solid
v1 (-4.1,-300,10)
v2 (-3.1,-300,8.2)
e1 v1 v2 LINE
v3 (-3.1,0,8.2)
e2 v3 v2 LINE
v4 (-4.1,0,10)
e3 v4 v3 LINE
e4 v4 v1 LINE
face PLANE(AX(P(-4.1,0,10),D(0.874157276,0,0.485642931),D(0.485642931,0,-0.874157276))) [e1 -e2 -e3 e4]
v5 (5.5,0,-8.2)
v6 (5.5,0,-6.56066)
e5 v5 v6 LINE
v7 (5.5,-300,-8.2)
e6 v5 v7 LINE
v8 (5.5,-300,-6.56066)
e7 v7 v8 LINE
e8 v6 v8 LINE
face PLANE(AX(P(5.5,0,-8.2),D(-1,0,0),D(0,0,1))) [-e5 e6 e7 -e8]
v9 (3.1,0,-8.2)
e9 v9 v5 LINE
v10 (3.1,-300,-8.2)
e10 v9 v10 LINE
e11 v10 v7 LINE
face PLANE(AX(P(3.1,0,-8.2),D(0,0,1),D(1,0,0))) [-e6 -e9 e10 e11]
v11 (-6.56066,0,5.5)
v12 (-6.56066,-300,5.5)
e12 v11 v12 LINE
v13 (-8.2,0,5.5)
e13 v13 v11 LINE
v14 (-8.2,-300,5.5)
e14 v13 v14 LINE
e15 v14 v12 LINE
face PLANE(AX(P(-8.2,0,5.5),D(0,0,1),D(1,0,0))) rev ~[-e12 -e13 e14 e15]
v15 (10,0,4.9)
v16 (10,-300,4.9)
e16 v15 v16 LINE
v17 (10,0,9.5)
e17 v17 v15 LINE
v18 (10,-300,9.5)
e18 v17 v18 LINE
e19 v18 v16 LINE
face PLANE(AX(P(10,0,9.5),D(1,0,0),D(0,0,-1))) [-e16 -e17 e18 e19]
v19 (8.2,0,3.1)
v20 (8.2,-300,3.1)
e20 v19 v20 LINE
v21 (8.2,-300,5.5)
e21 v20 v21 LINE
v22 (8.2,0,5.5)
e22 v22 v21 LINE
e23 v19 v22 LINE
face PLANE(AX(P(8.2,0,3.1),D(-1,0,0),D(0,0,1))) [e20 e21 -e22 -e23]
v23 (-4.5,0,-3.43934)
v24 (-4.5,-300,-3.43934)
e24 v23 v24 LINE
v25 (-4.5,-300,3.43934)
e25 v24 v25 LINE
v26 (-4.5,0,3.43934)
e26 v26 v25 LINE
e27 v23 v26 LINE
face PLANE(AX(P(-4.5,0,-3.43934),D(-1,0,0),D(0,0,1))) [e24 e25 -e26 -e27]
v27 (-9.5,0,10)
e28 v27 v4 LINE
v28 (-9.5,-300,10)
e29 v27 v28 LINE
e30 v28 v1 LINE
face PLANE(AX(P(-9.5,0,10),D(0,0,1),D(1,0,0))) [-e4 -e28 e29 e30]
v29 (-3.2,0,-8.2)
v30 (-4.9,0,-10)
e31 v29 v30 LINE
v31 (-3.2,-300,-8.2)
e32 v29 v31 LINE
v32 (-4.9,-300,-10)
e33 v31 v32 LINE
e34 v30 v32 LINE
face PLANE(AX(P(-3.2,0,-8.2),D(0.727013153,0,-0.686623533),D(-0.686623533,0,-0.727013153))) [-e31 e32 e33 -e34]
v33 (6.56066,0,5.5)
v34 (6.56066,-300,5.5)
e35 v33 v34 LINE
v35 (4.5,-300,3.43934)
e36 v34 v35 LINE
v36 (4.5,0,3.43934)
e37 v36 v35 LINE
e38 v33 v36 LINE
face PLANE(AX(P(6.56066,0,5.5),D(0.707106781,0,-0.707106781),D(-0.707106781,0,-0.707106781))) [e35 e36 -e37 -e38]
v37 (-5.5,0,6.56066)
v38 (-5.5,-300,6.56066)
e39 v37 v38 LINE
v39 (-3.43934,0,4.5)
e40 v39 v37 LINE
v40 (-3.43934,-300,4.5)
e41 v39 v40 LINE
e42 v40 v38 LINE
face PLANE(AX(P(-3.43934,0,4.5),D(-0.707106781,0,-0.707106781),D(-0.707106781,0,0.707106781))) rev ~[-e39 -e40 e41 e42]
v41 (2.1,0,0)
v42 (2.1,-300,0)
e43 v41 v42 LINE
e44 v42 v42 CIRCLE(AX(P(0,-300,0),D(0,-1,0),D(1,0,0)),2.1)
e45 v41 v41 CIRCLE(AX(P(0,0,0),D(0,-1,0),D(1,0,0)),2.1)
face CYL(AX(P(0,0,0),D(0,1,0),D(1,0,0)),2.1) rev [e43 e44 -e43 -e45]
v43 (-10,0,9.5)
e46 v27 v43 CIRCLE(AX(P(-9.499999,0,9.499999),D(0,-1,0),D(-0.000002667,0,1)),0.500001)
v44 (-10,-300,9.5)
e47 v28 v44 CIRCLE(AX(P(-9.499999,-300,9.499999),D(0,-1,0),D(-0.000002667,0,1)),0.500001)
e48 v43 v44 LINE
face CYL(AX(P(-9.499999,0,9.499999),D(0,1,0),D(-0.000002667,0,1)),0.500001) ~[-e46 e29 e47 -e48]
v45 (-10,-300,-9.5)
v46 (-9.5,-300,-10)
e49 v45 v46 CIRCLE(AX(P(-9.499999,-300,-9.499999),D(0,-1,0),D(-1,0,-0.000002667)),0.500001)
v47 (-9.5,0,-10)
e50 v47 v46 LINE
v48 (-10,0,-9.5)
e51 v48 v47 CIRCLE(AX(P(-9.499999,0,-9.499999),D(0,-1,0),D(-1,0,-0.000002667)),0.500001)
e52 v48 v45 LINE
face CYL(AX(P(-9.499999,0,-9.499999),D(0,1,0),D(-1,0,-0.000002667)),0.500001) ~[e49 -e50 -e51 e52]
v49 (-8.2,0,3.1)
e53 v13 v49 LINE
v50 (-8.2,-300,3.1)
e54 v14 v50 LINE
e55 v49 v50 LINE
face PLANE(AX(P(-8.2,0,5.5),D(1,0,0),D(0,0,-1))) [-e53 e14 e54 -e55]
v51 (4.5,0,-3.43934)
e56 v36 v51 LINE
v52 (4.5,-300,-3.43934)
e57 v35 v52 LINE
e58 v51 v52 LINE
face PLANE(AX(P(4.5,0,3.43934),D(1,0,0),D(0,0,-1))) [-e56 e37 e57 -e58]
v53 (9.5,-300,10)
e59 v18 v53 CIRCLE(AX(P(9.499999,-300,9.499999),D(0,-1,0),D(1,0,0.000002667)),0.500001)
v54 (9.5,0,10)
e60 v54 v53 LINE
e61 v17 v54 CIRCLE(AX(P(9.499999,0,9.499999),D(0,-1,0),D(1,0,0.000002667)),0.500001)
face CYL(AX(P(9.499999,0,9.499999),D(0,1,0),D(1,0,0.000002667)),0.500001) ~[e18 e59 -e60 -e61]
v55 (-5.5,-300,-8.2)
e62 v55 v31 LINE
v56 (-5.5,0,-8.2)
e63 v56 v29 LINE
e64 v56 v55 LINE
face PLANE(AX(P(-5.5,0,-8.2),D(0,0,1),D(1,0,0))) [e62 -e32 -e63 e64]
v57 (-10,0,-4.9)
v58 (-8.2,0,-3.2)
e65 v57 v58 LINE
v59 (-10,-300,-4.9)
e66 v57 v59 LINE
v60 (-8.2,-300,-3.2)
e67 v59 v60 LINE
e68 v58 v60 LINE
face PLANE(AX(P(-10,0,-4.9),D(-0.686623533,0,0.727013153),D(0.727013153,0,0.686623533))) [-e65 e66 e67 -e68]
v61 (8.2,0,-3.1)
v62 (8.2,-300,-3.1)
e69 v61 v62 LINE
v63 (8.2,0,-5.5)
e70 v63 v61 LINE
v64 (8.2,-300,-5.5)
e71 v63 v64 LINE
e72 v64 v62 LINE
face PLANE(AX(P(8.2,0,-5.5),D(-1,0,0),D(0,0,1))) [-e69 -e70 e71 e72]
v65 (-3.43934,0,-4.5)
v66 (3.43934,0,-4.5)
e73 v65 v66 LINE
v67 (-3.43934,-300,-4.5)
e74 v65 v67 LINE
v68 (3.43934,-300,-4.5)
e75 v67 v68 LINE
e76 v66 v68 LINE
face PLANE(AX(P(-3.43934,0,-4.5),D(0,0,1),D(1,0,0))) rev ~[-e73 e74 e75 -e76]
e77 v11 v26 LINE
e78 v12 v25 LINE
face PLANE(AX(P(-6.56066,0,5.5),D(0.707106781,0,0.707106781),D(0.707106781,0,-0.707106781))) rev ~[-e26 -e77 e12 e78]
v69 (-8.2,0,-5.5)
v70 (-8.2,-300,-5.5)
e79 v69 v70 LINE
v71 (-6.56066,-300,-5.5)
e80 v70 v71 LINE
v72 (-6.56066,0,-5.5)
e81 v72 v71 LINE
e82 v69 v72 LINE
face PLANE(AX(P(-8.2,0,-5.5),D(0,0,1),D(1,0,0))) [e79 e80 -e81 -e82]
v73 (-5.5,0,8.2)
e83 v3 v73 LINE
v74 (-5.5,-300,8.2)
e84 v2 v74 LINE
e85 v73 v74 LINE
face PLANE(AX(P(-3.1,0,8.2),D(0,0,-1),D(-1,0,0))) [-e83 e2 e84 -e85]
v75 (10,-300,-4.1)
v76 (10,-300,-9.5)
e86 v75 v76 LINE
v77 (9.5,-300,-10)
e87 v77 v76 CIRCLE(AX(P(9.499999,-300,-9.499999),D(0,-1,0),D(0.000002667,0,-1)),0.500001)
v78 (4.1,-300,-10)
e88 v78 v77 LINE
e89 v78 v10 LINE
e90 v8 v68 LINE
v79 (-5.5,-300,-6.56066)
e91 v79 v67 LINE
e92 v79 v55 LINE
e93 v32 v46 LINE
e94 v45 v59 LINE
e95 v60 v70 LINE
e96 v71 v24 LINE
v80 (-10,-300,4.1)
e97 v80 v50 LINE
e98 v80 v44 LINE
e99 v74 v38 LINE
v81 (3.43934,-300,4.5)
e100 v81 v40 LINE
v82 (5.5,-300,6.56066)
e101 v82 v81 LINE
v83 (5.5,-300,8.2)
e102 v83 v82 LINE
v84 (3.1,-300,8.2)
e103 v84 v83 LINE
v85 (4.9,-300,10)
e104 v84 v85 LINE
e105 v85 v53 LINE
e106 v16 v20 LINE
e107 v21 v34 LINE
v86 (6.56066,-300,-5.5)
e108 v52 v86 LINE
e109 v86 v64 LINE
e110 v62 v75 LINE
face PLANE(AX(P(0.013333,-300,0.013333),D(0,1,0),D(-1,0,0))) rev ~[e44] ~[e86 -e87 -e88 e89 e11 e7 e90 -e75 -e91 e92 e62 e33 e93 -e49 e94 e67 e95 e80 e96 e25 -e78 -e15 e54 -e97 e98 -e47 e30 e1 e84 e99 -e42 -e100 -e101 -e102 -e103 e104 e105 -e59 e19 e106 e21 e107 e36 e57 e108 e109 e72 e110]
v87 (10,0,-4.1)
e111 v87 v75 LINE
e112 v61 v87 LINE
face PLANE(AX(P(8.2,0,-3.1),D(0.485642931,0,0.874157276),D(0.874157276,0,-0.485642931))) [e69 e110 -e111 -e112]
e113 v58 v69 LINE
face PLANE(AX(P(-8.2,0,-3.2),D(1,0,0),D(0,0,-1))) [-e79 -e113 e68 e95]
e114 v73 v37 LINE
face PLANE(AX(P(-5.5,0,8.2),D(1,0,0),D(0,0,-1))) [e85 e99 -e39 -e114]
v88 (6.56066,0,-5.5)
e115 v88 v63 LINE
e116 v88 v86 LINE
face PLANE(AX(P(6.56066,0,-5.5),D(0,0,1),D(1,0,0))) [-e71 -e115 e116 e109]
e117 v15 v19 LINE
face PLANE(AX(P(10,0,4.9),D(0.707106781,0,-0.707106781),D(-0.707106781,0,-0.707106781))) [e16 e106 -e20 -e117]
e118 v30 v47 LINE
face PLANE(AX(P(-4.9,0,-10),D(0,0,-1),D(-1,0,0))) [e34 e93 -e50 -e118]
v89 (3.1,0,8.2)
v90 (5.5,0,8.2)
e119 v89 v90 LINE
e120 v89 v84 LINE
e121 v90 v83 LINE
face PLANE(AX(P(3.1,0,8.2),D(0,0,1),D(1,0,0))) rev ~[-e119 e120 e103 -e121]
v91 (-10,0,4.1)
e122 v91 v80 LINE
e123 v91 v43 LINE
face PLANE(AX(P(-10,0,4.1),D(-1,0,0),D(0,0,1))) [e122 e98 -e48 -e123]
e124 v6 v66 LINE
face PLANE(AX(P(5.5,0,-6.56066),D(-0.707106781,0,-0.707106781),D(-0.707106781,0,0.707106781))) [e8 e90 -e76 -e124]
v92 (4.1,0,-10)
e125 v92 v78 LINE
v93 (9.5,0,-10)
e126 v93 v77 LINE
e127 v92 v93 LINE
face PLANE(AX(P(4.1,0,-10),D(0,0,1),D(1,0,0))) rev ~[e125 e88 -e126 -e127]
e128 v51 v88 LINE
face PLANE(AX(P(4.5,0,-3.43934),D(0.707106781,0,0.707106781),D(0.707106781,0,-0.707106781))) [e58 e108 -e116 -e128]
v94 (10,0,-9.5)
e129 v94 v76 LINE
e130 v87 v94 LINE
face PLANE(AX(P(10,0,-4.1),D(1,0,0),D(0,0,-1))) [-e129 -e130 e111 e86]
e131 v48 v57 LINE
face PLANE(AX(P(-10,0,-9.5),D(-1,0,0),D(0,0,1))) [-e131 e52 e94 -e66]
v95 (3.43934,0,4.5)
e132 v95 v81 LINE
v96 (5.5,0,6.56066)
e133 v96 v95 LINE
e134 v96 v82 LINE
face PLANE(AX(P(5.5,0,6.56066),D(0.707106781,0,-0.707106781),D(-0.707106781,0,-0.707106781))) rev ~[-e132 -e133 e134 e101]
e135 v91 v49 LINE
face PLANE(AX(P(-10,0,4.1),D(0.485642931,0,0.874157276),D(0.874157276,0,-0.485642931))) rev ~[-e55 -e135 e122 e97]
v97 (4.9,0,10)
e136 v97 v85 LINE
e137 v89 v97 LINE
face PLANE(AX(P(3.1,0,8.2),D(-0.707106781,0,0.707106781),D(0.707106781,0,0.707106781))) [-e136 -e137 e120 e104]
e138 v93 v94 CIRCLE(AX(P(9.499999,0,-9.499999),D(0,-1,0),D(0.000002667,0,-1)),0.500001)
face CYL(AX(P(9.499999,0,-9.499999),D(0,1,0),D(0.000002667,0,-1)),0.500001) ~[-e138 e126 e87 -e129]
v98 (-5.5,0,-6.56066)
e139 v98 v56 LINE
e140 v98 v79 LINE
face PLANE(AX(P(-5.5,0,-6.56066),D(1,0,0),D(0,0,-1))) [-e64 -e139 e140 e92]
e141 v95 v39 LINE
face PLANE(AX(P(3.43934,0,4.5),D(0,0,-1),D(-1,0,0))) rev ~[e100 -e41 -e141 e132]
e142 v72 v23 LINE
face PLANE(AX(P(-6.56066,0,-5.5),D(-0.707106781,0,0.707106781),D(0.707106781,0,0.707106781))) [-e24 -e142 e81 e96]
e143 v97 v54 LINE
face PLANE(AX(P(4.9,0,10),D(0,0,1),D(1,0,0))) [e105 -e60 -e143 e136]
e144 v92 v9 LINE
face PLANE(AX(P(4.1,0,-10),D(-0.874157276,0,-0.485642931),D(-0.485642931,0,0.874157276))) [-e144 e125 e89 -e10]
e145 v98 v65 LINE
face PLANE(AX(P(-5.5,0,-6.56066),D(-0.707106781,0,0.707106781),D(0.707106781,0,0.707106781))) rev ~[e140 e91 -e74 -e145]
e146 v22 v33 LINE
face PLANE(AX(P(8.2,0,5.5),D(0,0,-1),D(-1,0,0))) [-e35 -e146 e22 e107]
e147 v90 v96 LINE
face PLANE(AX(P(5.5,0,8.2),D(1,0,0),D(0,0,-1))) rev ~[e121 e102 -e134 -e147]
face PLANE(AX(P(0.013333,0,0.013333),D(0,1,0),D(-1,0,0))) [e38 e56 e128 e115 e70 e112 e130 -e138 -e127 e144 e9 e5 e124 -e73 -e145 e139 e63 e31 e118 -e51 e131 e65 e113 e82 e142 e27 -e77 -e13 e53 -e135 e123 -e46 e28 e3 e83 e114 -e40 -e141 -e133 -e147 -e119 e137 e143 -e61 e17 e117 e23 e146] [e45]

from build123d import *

# Parameters (mm, degrees)
SKETCH_R  = 2.1
PAD_DEPTH = 300


with BuildPart() as part:
    # Sketch → Pad (new body)
    with BuildSketch(Plane.XZ):
        with BuildLine():
            Line((-8.2, 5.5), (-8.2, 3.1))
            Line((-10, 4.1), (-8.2, 3.1))
            Line((-10, 4.1), (-10, 9.5))
            ThreePointArc((-9.5, 10), (-9.853553, 9.853553), (-10, 9.5))
            Line((-9.5, 10), (-4.1, 10))
            Line((-4.1, 10), (-3.1, 8.2))
            Line((-3.1, 8.2), (-5.5, 8.2))
            Line((-5.5, 8.2), (-5.5, 6.56066))
            Line((-3.43934, 4.5), (-5.5, 6.56066))
            Line((3.43934, 4.5), (-3.43934, 4.5))
            Line((5.5, 6.56066), (3.43934, 4.5))
            Line((5.5, 8.2), (5.5, 6.56066))
            Line((3.1, 8.2), (5.5, 8.2))
            Line((3.1, 8.2), (4.9, 10))
            Line((4.9, 10), (9.5, 10))
            ThreePointArc((10, 9.5), (9.853553, 9.853553), (9.5, 10))
            Line((10, 9.5), (10, 4.9))
            Line((10, 4.9), (8.2, 3.1))
            Line((8.2, 3.1), (8.2, 5.5))
            Line((8.2, 5.5), (6.56066, 5.5))
            Line((6.56066, 5.5), (4.5, 3.43934))
            Line((4.5, 3.43934), (4.5, -3.43934))
            Line((4.5, -3.43934), (6.56066, -5.5))
            Line((6.56066, -5.5), (8.2, -5.5))
            Line((8.2, -5.5), (8.2, -3.1))
            Line((8.2, -3.1), (10, -4.1))
            Line((10, -4.1), (10, -9.5))
            ThreePointArc((9.5, -10), (9.853553, -9.853553), (10, -9.5))
            Line((4.1, -10), (9.5, -10))
            Line((4.1, -10), (3.1, -8.2))
            Line((3.1, -8.2), (5.5, -8.2))
            Line((5.5, -8.2), (5.5, -6.56066))
            Line((5.5, -6.56066), (3.43934, -4.5))
            Line((-3.43934, -4.5), (3.43934, -4.5))
            Line((-5.5, -6.56066), (-3.43934, -4.5))
            Line((-5.5, -6.56066), (-5.5, -8.2))
            Line((-5.5, -8.2), (-3.2, -8.2))
            Line((-3.2, -8.2), (-4.9, -10))
            Line((-4.9, -10), (-9.5, -10))
            ThreePointArc((-10, -9.5), (-9.853553, -9.853553), (-9.5, -10))
            Line((-10, -9.5), (-10, -4.9))
            Line((-10, -4.9), (-8.2, -3.2))
            Line((-8.2, -3.2), (-8.2, -5.5))
            Line((-8.2, -5.5), (-6.56066, -5.5))
            Line((-6.56066, -5.5), (-4.5, -3.43934))
            Line((-4.5, -3.43934), (-4.5, 3.43934))
            Line((-6.56066, 5.5), (-4.5, 3.43934))
            Line((-8.2, 5.5), (-6.56066, 5.5))
        make_face()
        Circle(SKETCH_R, mode=Mode.SUBTRACT)
    extrude(amount=PAD_DEPTH)


solid = part.part
